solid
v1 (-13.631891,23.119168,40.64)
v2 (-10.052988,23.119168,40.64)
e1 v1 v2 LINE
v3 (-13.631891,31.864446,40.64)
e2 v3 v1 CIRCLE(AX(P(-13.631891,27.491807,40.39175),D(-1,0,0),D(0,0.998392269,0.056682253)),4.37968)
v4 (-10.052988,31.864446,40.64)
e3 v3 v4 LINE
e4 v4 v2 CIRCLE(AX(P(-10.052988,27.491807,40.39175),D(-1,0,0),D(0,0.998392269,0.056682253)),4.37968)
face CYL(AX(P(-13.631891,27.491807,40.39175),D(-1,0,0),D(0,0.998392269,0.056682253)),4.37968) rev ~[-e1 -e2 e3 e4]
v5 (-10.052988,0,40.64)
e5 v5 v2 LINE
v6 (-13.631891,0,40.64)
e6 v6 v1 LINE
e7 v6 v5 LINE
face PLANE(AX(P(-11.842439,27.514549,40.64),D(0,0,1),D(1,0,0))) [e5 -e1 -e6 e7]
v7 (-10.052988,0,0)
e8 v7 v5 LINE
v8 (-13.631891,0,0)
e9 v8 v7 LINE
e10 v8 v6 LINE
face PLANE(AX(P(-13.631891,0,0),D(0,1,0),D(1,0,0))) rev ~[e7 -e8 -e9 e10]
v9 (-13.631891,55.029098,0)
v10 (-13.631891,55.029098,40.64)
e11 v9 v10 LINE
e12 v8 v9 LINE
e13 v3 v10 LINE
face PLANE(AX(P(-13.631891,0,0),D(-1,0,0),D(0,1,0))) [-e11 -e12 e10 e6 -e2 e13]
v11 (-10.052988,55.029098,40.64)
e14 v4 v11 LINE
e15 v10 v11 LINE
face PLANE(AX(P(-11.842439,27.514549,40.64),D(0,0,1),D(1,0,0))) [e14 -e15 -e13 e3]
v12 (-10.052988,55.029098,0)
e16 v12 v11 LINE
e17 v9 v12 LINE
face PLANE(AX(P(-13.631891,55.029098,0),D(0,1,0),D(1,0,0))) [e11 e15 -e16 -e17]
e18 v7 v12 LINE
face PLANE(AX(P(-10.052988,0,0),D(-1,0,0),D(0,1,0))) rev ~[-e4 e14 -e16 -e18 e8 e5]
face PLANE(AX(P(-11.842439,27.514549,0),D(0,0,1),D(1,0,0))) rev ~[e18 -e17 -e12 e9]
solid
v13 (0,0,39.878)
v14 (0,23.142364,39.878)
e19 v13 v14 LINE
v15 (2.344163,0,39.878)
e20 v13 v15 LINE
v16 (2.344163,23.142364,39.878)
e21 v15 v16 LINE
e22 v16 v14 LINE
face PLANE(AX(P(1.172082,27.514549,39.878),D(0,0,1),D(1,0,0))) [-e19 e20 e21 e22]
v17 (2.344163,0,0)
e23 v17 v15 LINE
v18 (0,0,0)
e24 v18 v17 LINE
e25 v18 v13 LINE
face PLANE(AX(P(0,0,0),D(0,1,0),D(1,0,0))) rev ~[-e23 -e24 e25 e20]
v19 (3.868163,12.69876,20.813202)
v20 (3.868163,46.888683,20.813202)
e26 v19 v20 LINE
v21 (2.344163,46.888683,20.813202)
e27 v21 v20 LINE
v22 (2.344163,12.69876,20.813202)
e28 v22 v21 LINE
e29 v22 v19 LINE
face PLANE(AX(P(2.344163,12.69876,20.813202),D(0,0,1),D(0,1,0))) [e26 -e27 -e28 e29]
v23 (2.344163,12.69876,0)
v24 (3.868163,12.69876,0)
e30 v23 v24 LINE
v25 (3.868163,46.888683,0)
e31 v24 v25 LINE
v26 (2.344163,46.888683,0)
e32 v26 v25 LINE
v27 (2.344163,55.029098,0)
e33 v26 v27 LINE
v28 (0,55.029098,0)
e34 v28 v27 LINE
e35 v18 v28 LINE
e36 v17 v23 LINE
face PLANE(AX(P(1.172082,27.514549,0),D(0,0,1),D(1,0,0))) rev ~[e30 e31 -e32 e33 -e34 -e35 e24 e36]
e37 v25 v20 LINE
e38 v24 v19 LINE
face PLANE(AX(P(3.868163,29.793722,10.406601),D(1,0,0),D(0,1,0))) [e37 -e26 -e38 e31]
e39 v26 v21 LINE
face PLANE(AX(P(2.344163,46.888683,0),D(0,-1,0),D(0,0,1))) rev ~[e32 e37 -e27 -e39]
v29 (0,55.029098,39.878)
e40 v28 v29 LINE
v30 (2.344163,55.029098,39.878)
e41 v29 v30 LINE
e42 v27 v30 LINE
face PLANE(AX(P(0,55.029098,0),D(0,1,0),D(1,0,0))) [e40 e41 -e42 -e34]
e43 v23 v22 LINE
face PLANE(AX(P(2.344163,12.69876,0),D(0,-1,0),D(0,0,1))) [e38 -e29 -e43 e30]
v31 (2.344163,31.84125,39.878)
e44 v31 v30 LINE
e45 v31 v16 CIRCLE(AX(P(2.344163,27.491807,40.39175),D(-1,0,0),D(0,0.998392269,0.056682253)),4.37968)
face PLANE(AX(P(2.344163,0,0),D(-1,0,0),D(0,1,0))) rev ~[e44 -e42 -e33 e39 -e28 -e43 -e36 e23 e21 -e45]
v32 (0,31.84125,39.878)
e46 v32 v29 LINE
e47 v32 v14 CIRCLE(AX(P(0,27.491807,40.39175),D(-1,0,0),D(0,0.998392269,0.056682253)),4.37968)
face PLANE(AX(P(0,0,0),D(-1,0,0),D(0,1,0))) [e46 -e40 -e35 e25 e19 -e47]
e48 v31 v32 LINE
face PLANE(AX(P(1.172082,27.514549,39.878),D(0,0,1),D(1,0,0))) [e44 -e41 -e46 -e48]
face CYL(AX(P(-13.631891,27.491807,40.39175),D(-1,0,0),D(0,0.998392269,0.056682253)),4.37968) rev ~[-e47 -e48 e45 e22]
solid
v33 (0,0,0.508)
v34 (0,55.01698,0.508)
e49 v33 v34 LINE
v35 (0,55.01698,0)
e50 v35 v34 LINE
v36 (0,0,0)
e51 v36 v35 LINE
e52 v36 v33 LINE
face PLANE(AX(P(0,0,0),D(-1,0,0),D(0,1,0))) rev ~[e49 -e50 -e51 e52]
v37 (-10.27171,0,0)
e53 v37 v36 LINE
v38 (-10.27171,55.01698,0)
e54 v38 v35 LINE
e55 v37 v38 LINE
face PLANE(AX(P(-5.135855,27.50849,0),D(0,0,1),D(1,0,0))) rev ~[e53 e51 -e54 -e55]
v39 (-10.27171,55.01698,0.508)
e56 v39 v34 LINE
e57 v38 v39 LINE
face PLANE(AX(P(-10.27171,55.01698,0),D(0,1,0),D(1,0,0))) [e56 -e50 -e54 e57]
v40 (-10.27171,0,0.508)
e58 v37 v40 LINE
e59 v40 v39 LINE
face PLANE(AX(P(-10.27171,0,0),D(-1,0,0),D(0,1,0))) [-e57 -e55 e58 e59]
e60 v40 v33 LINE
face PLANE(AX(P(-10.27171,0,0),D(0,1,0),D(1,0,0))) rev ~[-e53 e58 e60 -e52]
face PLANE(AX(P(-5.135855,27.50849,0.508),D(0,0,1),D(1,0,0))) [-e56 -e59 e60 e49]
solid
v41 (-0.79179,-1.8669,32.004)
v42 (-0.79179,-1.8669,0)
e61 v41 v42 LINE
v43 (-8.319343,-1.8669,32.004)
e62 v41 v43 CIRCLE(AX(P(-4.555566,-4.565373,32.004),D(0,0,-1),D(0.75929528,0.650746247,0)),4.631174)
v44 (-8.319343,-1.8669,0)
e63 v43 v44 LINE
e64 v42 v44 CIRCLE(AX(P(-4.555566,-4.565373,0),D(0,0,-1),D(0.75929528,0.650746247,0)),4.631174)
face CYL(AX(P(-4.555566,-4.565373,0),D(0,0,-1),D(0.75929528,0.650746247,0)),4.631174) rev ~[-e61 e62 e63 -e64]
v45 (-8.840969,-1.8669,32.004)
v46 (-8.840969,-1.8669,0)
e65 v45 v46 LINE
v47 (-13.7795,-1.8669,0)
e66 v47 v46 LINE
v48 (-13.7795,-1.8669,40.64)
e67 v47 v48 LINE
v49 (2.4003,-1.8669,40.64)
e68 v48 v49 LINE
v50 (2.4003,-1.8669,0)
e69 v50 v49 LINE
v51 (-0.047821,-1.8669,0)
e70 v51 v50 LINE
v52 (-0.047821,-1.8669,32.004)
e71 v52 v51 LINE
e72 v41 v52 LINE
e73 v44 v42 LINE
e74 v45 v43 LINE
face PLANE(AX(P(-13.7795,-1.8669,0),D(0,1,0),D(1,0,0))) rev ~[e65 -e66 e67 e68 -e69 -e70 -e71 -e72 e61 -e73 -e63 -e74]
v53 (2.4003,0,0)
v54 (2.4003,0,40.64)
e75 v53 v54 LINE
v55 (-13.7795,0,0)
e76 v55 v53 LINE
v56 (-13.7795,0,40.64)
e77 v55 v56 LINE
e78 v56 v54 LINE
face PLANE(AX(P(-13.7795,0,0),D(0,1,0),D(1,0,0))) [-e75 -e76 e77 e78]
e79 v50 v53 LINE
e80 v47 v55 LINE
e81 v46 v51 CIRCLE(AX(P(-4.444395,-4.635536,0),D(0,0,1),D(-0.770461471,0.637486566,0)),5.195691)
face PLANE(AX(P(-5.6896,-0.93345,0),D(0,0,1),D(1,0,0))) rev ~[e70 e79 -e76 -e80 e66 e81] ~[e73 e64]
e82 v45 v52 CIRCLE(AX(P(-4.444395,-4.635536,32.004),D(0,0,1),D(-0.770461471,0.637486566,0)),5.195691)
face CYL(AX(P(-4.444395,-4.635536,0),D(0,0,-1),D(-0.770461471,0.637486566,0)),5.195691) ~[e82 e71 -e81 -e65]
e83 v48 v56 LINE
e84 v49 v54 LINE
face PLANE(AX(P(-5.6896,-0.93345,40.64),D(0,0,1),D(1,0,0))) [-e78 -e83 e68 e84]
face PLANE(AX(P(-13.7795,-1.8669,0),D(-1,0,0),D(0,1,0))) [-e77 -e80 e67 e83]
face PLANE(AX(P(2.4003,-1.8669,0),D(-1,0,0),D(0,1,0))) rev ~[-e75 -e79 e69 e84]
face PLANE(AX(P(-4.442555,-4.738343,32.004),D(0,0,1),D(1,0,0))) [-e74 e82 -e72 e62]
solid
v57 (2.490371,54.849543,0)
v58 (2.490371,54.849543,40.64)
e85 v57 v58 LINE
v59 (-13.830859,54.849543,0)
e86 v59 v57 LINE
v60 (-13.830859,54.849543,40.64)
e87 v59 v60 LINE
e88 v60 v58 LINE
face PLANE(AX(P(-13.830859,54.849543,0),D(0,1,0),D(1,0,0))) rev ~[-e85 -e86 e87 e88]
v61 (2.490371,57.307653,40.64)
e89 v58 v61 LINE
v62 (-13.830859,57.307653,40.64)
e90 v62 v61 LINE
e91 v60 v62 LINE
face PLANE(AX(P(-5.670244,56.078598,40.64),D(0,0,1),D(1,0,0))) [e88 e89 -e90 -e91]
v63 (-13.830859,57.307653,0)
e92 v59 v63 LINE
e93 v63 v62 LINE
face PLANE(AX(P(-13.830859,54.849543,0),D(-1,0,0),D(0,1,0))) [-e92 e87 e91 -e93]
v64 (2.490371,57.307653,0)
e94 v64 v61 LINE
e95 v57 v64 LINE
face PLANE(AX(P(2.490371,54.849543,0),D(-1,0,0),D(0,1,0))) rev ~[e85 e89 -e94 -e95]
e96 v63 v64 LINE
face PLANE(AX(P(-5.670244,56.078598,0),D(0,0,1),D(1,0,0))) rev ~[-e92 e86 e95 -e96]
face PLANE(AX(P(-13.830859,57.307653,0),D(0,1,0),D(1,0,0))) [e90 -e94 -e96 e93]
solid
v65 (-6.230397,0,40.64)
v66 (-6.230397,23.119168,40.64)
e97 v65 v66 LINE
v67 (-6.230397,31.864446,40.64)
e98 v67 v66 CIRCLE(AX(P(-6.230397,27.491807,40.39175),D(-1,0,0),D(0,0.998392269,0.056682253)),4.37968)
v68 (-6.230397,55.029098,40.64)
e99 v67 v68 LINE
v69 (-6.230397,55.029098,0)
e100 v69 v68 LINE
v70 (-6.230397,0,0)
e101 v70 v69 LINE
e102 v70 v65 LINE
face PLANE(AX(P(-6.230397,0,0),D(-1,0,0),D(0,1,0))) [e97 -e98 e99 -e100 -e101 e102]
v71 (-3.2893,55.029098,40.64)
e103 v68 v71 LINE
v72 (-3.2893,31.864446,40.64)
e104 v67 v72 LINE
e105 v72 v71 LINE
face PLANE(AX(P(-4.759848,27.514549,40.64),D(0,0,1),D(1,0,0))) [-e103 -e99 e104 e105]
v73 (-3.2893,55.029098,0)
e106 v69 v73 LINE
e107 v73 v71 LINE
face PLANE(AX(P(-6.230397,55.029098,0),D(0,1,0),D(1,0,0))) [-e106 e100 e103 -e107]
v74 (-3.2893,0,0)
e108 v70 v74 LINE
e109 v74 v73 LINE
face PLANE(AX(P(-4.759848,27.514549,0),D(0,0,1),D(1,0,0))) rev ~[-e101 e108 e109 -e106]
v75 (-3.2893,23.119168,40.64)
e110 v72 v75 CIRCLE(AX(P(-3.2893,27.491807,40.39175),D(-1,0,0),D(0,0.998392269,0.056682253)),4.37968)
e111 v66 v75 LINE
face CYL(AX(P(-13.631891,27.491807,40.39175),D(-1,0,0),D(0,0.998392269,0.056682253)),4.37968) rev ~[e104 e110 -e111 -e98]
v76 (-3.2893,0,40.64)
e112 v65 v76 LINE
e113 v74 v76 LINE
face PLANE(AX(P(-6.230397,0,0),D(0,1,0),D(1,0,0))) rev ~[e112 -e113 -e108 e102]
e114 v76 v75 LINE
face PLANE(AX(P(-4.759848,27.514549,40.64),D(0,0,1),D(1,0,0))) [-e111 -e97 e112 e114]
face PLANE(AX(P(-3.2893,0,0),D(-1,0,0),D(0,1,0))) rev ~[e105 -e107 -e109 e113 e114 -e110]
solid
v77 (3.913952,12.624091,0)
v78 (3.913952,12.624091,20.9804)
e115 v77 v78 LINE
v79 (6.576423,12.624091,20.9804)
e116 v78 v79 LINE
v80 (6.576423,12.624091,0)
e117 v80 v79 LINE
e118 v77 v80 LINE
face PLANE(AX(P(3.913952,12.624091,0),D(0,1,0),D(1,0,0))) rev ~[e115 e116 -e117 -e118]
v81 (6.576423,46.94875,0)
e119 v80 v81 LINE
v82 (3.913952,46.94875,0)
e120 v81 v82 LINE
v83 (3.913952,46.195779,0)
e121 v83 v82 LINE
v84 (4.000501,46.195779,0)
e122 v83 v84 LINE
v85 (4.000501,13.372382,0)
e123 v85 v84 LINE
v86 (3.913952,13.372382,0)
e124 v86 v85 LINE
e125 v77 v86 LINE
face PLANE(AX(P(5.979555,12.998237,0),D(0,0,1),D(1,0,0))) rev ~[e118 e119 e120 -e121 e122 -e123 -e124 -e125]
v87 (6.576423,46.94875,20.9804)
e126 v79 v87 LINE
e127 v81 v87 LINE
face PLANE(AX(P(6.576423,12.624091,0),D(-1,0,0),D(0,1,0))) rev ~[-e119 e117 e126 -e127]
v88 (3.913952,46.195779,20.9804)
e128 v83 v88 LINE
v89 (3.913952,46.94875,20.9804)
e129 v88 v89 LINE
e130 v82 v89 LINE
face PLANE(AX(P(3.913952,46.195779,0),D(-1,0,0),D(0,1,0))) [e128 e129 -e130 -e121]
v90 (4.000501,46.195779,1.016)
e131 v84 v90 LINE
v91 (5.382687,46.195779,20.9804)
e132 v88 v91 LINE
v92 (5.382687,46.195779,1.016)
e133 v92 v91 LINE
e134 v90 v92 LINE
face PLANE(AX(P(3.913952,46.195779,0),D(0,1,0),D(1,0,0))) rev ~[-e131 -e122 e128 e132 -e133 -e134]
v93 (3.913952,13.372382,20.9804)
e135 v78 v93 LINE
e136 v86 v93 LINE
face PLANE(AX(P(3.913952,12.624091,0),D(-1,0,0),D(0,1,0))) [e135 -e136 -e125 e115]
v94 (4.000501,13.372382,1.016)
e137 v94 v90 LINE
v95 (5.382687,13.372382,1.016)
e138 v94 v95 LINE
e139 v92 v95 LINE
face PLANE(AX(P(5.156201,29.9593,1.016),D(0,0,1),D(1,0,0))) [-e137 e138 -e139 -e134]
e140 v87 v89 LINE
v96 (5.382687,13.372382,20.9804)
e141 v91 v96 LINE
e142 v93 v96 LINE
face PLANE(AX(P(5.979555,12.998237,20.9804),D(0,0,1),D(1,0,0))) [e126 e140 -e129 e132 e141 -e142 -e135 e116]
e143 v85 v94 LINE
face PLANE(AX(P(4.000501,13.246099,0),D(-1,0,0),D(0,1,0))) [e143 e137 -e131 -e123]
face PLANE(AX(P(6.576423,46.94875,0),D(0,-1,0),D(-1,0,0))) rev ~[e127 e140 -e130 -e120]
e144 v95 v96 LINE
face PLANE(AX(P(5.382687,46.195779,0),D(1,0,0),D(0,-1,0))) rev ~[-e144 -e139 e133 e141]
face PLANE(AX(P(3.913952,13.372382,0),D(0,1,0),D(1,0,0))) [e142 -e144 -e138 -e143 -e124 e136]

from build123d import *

# Parameters (mm, degrees)
F0_W      = 2.3441631347
F0_H      = 55.0290979445
F1_DEPTH  = 39.878
F2_W      = 2.9410969
F2_H      = 55.0290979445
F3_DEPTH  = 40.64
F2_W_2    = 3.5789022222
F4_W      = 16.1798002664
F4_H      = 1.8669000128
F5_DEPTH  = 40.64
F6_W      = 16.3212304469
F6_H      = 2.4581104517
F7_DEPTH  = 40.64
F9_DEPTH  = 1524
F10_W     = 10.2717103437
F10_H     = 55.0169795752
F11_DEPTH = 0.508
F12_W     = 34.1899227351
F12_H     = 20.8132024854
F13_DEPTH = 1.524
F14_W     = 1.1937352829
F14_H     = 0.7482906803
F14_H_2   = 32.8233968467
F14_H_3   = 0.7529705763
F14_W_2   = 1.468735747
F15_DEPTH = 20.9804
F16_W     = 2.3114006035
F16_H     = 33.4264012054
F17_DEPTH = 1.016
F19_DEPTH = 32.004


with BuildPart() as f1:
    # F0 (on Top) → F1 (new body)
    with BuildSketch(Plane.XY):
        with Locations((1.1720815673, 27.5145489722)):
            Rectangle(F0_W, F0_H)
    extrude(amount=F1_DEPTH)


with BuildPart() as f3:
    # F2 (on Top) → F3 (new body)
    with BuildSketch(Plane.XY):
        with Locations((-4.7598482342, 27.5145489722)):
            Rectangle(F2_W, F2_H)
    extrude(amount=F3_DEPTH)


with BuildPart() as f3b:
    # F2 (on Top) → F3, piece 2 (new body)
    with BuildSketch(Plane.XY):
        with Locations((-11.8424394168, 27.5145489722)):
            Rectangle(F2_W_2, F2_H)
    extrude(amount=F3_DEPTH)


with BuildPart() as f5:
    # F4 (on Top) → F5 (new body)
    with BuildSketch(Plane.XY):
        with Locations((-5.6896003662, -0.9334500064)):
            Rectangle(F4_W, F4_H)
    extrude(amount=F5_DEPTH)

    # F18 (on Top) → F19 (join)
    with BuildSketch(Plane.XY):
        with BuildLine():
            Line((-0.5623976467, -1.1822324013), (-8.4474748001, -1.323352335))
            ThreePointArc((-8.4474748001, -1.323352335), (-4.3514221015, -9.830394863), (-0.5623976467, -1.1822324013))
        make_face()
        with BuildLine():
            ThreePointArc((-1.0391375981, -1.5516541898), (-4.4550866105, -9.1954568912), (-8.1994263455, -1.7070426838))
            Line((-8.1994263455, -1.7070426838), (-1.0391375981, -1.5516541898))
        make_face(mode=Mode.SUBTRACT)
    extrude(amount=F19_DEPTH)


with BuildPart() as f7:
    # F6 (on Top) → F7 (new body)
    with BuildSketch(Plane.XY):
        with Locations((-5.6702439906, 56.0785979033)):
            Rectangle(F6_W, F6_H)
    extrude(amount=F7_DEPTH)


with BuildPart() as f9_tool:
    # F8 (on face) → F9 (new body)
    with BuildSketch(Plane(origin=(-13.6318905279, 0, 0), x_dir=(0, -1, 0), z_dir=(-1, 0, 0))):
        with BuildLine():
            Line((-23.1191683561, 40.64), (-31.8644456565, 40.64))
            ThreePointArc((-31.8644456565, 40.64), (-27.4918070063, 36.012069872), (-23.1191683561, 40.64))
        make_face()
    extrude(amount=-F9_DEPTH)


with BuildPart() as f1_1:
    add(f1.part)

    # F9: cut by f9_tool
    add(f9_tool.part, mode=Mode.SUBTRACT)

    # F12 (on face) → F13 (join)
    with BuildSketch(Plane.YZ.offset(2.3441631347)):
        with Locations((29.7937216237, 10.4066012427)):
            Rectangle(F12_W, F12_H)
    extrude(amount=F13_DEPTH)


with BuildPart() as f3_1:
    add(f3.part)

    # F9: cut by f9_tool
    add(f9_tool.part, mode=Mode.SUBTRACT)


with BuildPart() as f3b_1:
    add(f3b.part)

    # F9: cut by f9_tool
    add(f9_tool.part, mode=Mode.SUBTRACT)


with BuildPart() as f11:
    # F10 (on Top) → F11 (new body)
    with BuildSketch(Plane.XY):
        with Locations((-5.1358551718, 27.5084897876)):
            Rectangle(F10_W, F10_H)
    extrude(amount=F11_DEPTH)


with BuildPart() as f15:
    # F14 (on Top) → F15 (new body)
    with BuildSketch(Plane.XY):
        with Locations((5.9795549605, 12.9982368089)):
            Rectangle(F14_W, F14_H)
        with Locations((5.9795549605, 29.7840805724)):
            Rectangle(F14_W, F14_H_2)
        with Locations((5.9795549605, 46.5722642839)):
            Rectangle(F14_W, F14_H_3)
        with Locations((4.6483194456, 46.5722642839)):
            Rectangle(F14_W_2, F14_H_3)
        with Locations((4.6483194456, 12.9982368089)):
            Rectangle(F14_W_2, F14_H)
    extrude(amount=F15_DEPTH)

    # F16 (on Top) → F17 (join)
    with BuildSketch(Plane.XY):
        with Locations((5.1562010776, 29.9593000673)):
            Rectangle(F16_W, F16_H)
    extrude(amount=F17_DEPTH)


solid = Compound([f5.part, f7.part, f1_1.part, f3_1.part, f3b_1.part, f11.part, f15.part])
